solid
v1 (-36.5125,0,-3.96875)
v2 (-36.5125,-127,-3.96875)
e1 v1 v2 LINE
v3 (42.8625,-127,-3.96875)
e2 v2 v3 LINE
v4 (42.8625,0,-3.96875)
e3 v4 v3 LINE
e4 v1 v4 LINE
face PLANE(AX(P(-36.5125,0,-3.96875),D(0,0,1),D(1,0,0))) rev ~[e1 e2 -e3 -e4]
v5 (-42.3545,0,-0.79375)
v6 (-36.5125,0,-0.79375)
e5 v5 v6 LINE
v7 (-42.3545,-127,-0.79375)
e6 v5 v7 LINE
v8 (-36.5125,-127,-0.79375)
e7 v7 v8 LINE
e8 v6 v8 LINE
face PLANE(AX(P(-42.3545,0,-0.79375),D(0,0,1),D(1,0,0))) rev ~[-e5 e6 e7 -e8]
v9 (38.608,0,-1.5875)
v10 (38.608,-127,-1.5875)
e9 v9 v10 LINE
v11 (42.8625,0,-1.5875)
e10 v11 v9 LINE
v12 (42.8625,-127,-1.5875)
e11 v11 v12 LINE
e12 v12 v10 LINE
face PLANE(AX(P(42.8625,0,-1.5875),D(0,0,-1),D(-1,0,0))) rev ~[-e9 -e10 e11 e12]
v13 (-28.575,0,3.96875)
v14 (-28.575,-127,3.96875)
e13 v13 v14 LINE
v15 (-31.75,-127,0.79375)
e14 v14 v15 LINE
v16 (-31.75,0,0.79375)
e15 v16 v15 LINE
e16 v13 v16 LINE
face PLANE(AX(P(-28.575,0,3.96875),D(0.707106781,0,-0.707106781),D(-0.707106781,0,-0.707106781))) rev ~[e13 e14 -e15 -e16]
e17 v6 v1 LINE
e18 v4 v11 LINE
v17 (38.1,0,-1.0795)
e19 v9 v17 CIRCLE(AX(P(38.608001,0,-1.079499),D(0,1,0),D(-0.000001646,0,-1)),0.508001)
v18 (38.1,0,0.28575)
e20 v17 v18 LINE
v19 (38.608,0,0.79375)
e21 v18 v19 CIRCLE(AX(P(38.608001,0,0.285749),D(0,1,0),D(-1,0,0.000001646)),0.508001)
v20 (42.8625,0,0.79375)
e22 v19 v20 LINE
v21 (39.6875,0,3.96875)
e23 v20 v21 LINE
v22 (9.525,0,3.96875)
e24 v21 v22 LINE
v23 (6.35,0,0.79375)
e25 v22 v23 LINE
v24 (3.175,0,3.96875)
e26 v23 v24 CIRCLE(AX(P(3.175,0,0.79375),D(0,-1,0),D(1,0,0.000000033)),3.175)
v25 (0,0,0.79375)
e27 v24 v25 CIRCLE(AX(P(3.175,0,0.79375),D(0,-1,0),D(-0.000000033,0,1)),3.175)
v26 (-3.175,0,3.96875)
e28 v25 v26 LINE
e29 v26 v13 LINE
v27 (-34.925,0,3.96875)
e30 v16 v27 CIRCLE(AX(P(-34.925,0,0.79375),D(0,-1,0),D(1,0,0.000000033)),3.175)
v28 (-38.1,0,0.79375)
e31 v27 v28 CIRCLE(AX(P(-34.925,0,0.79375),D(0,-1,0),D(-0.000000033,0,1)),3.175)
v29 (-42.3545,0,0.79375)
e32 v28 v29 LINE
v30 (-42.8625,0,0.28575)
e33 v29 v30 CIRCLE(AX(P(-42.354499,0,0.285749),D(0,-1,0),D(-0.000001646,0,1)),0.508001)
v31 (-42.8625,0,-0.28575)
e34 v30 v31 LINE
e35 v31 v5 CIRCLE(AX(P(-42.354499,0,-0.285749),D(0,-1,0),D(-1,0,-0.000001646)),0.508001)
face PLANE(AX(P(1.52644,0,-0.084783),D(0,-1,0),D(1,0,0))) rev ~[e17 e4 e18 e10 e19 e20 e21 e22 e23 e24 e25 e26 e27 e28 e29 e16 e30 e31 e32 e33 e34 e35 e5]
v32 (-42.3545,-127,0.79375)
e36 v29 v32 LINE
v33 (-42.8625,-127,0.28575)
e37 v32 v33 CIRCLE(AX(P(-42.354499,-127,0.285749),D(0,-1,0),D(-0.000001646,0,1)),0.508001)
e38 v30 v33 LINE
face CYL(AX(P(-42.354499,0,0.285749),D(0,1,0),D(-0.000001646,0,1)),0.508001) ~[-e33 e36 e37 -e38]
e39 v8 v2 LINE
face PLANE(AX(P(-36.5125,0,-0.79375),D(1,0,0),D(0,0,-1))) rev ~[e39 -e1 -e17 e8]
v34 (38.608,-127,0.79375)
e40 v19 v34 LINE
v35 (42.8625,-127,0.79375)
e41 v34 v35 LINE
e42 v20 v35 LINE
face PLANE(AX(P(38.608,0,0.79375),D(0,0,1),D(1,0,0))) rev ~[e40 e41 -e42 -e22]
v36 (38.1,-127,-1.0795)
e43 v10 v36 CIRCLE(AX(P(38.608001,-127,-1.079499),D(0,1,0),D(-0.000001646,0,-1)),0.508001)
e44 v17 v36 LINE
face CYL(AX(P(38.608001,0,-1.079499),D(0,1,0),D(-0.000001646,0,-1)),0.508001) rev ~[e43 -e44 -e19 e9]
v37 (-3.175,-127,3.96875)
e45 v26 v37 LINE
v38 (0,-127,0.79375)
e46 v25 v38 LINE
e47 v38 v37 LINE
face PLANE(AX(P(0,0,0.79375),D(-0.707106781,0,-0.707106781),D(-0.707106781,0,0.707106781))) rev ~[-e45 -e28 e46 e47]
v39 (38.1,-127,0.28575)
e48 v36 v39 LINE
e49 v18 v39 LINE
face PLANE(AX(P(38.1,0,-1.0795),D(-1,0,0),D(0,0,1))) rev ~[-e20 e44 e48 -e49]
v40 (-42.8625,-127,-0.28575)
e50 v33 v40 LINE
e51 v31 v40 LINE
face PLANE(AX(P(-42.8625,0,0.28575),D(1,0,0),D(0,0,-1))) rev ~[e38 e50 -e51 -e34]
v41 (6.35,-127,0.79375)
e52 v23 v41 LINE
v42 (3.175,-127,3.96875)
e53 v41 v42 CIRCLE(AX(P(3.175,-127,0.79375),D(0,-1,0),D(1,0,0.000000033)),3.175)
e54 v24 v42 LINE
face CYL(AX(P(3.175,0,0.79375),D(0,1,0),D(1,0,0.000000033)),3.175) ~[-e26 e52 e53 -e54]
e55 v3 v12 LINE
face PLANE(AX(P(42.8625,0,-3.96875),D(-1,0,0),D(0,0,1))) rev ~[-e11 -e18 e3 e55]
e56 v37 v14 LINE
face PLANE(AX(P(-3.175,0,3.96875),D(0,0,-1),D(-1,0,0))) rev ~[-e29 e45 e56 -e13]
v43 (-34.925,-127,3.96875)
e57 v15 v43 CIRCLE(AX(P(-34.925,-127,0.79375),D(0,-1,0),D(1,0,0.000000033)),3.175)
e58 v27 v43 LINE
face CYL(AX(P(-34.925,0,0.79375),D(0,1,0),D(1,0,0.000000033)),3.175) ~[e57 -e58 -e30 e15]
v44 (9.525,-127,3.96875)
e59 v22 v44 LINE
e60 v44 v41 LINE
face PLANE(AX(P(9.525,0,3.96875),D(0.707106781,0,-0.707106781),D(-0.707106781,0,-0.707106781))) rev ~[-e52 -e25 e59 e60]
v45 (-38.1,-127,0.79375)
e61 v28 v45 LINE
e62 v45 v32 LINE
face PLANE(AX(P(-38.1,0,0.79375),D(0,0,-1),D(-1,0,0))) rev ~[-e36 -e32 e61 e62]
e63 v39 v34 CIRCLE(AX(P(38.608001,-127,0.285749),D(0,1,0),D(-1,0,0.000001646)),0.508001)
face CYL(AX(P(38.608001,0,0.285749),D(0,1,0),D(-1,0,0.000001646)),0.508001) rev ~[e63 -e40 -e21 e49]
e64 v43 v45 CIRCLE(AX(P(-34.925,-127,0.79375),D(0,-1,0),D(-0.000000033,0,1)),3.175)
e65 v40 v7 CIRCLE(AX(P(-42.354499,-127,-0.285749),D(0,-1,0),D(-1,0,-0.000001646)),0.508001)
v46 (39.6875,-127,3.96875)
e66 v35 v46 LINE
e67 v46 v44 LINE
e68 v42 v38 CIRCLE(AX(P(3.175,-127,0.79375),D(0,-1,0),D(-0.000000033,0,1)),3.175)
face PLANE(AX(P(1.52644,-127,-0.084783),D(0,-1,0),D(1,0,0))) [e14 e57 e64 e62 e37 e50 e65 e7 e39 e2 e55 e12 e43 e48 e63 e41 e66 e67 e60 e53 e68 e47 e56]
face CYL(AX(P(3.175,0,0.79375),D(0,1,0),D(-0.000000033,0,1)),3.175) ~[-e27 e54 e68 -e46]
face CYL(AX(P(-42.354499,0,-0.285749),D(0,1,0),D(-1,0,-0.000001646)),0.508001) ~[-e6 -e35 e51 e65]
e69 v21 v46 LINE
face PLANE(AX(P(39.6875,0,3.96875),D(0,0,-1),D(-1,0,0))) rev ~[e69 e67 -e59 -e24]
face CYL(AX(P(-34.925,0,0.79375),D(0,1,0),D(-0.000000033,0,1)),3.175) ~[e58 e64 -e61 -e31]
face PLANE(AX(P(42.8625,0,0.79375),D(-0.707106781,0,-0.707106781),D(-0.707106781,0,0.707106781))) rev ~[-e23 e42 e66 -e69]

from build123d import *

# Parameters (mm, degrees)
F1_DEPTH = 127


with BuildPart() as f1:
    # F0 (on Front) → F1 (new body)
    with BuildSketch(Plane.XZ):
        with BuildLine():
            Line((-36.5125, -0.79375), (-36.5125, -3.96875))
            Line((-36.5125, -3.96875), (42.8625, -3.96875))
            Line((42.8625, -3.96875), (42.8625, -1.5875))
            Line((42.8625, -1.5875), (38.608, -1.5875))
            ThreePointArc((38.608, -1.5875), (38.24879, -1.43871), (38.1, -1.0795))
            Line((38.1, -1.0795), (38.1, 0.28575))
            ThreePointArc((38.1, 0.28575), (38.24879, 0.64496), (38.608, 0.79375))
            Line((38.608, 0.79375), (42.8625, 0.79375))
            Line((42.8625, 0.79375), (39.6875, 3.96875))
            Line((39.6875, 3.96875), (9.525, 3.96875))
            Line((9.525, 3.96875), (6.35, 0.79375))
            ThreePointArc((6.35, 0.79375), (5.420064, 3.038814), (3.175, 3.96875))
            ThreePointArc((3.175, 3.96875), (0.929936, 3.038814), (0, 0.79375))
            Line((0, 0.79375), (-3.175, 3.96875))
            Line((-3.175, 3.96875), (-28.575, 3.96875))
            Line((-28.575, 3.96875), (-31.75, 0.79375))
            ThreePointArc((-31.75, 0.79375), (-32.679936, 3.038814), (-34.925, 3.96875))
            ThreePointArc((-34.925, 3.96875), (-37.170064, 3.038814), (-38.1, 0.79375))
            Line((-38.1, 0.79375), (-42.3545, 0.79375))
            ThreePointArc((-42.3545, 0.79375), (-42.71371, 0.64496), (-42.8625, 0.28575))
            Line((-42.8625, 0.28575), (-42.8625, -0.28575))
            ThreePointArc((-42.8625, -0.28575), (-42.71371, -0.64496), (-42.3545, -0.79375))
            Line((-42.3545, -0.79375), (-36.5125, -0.79375))
        make_face()
    extrude(amount=F1_DEPTH)


solid = f1.part
